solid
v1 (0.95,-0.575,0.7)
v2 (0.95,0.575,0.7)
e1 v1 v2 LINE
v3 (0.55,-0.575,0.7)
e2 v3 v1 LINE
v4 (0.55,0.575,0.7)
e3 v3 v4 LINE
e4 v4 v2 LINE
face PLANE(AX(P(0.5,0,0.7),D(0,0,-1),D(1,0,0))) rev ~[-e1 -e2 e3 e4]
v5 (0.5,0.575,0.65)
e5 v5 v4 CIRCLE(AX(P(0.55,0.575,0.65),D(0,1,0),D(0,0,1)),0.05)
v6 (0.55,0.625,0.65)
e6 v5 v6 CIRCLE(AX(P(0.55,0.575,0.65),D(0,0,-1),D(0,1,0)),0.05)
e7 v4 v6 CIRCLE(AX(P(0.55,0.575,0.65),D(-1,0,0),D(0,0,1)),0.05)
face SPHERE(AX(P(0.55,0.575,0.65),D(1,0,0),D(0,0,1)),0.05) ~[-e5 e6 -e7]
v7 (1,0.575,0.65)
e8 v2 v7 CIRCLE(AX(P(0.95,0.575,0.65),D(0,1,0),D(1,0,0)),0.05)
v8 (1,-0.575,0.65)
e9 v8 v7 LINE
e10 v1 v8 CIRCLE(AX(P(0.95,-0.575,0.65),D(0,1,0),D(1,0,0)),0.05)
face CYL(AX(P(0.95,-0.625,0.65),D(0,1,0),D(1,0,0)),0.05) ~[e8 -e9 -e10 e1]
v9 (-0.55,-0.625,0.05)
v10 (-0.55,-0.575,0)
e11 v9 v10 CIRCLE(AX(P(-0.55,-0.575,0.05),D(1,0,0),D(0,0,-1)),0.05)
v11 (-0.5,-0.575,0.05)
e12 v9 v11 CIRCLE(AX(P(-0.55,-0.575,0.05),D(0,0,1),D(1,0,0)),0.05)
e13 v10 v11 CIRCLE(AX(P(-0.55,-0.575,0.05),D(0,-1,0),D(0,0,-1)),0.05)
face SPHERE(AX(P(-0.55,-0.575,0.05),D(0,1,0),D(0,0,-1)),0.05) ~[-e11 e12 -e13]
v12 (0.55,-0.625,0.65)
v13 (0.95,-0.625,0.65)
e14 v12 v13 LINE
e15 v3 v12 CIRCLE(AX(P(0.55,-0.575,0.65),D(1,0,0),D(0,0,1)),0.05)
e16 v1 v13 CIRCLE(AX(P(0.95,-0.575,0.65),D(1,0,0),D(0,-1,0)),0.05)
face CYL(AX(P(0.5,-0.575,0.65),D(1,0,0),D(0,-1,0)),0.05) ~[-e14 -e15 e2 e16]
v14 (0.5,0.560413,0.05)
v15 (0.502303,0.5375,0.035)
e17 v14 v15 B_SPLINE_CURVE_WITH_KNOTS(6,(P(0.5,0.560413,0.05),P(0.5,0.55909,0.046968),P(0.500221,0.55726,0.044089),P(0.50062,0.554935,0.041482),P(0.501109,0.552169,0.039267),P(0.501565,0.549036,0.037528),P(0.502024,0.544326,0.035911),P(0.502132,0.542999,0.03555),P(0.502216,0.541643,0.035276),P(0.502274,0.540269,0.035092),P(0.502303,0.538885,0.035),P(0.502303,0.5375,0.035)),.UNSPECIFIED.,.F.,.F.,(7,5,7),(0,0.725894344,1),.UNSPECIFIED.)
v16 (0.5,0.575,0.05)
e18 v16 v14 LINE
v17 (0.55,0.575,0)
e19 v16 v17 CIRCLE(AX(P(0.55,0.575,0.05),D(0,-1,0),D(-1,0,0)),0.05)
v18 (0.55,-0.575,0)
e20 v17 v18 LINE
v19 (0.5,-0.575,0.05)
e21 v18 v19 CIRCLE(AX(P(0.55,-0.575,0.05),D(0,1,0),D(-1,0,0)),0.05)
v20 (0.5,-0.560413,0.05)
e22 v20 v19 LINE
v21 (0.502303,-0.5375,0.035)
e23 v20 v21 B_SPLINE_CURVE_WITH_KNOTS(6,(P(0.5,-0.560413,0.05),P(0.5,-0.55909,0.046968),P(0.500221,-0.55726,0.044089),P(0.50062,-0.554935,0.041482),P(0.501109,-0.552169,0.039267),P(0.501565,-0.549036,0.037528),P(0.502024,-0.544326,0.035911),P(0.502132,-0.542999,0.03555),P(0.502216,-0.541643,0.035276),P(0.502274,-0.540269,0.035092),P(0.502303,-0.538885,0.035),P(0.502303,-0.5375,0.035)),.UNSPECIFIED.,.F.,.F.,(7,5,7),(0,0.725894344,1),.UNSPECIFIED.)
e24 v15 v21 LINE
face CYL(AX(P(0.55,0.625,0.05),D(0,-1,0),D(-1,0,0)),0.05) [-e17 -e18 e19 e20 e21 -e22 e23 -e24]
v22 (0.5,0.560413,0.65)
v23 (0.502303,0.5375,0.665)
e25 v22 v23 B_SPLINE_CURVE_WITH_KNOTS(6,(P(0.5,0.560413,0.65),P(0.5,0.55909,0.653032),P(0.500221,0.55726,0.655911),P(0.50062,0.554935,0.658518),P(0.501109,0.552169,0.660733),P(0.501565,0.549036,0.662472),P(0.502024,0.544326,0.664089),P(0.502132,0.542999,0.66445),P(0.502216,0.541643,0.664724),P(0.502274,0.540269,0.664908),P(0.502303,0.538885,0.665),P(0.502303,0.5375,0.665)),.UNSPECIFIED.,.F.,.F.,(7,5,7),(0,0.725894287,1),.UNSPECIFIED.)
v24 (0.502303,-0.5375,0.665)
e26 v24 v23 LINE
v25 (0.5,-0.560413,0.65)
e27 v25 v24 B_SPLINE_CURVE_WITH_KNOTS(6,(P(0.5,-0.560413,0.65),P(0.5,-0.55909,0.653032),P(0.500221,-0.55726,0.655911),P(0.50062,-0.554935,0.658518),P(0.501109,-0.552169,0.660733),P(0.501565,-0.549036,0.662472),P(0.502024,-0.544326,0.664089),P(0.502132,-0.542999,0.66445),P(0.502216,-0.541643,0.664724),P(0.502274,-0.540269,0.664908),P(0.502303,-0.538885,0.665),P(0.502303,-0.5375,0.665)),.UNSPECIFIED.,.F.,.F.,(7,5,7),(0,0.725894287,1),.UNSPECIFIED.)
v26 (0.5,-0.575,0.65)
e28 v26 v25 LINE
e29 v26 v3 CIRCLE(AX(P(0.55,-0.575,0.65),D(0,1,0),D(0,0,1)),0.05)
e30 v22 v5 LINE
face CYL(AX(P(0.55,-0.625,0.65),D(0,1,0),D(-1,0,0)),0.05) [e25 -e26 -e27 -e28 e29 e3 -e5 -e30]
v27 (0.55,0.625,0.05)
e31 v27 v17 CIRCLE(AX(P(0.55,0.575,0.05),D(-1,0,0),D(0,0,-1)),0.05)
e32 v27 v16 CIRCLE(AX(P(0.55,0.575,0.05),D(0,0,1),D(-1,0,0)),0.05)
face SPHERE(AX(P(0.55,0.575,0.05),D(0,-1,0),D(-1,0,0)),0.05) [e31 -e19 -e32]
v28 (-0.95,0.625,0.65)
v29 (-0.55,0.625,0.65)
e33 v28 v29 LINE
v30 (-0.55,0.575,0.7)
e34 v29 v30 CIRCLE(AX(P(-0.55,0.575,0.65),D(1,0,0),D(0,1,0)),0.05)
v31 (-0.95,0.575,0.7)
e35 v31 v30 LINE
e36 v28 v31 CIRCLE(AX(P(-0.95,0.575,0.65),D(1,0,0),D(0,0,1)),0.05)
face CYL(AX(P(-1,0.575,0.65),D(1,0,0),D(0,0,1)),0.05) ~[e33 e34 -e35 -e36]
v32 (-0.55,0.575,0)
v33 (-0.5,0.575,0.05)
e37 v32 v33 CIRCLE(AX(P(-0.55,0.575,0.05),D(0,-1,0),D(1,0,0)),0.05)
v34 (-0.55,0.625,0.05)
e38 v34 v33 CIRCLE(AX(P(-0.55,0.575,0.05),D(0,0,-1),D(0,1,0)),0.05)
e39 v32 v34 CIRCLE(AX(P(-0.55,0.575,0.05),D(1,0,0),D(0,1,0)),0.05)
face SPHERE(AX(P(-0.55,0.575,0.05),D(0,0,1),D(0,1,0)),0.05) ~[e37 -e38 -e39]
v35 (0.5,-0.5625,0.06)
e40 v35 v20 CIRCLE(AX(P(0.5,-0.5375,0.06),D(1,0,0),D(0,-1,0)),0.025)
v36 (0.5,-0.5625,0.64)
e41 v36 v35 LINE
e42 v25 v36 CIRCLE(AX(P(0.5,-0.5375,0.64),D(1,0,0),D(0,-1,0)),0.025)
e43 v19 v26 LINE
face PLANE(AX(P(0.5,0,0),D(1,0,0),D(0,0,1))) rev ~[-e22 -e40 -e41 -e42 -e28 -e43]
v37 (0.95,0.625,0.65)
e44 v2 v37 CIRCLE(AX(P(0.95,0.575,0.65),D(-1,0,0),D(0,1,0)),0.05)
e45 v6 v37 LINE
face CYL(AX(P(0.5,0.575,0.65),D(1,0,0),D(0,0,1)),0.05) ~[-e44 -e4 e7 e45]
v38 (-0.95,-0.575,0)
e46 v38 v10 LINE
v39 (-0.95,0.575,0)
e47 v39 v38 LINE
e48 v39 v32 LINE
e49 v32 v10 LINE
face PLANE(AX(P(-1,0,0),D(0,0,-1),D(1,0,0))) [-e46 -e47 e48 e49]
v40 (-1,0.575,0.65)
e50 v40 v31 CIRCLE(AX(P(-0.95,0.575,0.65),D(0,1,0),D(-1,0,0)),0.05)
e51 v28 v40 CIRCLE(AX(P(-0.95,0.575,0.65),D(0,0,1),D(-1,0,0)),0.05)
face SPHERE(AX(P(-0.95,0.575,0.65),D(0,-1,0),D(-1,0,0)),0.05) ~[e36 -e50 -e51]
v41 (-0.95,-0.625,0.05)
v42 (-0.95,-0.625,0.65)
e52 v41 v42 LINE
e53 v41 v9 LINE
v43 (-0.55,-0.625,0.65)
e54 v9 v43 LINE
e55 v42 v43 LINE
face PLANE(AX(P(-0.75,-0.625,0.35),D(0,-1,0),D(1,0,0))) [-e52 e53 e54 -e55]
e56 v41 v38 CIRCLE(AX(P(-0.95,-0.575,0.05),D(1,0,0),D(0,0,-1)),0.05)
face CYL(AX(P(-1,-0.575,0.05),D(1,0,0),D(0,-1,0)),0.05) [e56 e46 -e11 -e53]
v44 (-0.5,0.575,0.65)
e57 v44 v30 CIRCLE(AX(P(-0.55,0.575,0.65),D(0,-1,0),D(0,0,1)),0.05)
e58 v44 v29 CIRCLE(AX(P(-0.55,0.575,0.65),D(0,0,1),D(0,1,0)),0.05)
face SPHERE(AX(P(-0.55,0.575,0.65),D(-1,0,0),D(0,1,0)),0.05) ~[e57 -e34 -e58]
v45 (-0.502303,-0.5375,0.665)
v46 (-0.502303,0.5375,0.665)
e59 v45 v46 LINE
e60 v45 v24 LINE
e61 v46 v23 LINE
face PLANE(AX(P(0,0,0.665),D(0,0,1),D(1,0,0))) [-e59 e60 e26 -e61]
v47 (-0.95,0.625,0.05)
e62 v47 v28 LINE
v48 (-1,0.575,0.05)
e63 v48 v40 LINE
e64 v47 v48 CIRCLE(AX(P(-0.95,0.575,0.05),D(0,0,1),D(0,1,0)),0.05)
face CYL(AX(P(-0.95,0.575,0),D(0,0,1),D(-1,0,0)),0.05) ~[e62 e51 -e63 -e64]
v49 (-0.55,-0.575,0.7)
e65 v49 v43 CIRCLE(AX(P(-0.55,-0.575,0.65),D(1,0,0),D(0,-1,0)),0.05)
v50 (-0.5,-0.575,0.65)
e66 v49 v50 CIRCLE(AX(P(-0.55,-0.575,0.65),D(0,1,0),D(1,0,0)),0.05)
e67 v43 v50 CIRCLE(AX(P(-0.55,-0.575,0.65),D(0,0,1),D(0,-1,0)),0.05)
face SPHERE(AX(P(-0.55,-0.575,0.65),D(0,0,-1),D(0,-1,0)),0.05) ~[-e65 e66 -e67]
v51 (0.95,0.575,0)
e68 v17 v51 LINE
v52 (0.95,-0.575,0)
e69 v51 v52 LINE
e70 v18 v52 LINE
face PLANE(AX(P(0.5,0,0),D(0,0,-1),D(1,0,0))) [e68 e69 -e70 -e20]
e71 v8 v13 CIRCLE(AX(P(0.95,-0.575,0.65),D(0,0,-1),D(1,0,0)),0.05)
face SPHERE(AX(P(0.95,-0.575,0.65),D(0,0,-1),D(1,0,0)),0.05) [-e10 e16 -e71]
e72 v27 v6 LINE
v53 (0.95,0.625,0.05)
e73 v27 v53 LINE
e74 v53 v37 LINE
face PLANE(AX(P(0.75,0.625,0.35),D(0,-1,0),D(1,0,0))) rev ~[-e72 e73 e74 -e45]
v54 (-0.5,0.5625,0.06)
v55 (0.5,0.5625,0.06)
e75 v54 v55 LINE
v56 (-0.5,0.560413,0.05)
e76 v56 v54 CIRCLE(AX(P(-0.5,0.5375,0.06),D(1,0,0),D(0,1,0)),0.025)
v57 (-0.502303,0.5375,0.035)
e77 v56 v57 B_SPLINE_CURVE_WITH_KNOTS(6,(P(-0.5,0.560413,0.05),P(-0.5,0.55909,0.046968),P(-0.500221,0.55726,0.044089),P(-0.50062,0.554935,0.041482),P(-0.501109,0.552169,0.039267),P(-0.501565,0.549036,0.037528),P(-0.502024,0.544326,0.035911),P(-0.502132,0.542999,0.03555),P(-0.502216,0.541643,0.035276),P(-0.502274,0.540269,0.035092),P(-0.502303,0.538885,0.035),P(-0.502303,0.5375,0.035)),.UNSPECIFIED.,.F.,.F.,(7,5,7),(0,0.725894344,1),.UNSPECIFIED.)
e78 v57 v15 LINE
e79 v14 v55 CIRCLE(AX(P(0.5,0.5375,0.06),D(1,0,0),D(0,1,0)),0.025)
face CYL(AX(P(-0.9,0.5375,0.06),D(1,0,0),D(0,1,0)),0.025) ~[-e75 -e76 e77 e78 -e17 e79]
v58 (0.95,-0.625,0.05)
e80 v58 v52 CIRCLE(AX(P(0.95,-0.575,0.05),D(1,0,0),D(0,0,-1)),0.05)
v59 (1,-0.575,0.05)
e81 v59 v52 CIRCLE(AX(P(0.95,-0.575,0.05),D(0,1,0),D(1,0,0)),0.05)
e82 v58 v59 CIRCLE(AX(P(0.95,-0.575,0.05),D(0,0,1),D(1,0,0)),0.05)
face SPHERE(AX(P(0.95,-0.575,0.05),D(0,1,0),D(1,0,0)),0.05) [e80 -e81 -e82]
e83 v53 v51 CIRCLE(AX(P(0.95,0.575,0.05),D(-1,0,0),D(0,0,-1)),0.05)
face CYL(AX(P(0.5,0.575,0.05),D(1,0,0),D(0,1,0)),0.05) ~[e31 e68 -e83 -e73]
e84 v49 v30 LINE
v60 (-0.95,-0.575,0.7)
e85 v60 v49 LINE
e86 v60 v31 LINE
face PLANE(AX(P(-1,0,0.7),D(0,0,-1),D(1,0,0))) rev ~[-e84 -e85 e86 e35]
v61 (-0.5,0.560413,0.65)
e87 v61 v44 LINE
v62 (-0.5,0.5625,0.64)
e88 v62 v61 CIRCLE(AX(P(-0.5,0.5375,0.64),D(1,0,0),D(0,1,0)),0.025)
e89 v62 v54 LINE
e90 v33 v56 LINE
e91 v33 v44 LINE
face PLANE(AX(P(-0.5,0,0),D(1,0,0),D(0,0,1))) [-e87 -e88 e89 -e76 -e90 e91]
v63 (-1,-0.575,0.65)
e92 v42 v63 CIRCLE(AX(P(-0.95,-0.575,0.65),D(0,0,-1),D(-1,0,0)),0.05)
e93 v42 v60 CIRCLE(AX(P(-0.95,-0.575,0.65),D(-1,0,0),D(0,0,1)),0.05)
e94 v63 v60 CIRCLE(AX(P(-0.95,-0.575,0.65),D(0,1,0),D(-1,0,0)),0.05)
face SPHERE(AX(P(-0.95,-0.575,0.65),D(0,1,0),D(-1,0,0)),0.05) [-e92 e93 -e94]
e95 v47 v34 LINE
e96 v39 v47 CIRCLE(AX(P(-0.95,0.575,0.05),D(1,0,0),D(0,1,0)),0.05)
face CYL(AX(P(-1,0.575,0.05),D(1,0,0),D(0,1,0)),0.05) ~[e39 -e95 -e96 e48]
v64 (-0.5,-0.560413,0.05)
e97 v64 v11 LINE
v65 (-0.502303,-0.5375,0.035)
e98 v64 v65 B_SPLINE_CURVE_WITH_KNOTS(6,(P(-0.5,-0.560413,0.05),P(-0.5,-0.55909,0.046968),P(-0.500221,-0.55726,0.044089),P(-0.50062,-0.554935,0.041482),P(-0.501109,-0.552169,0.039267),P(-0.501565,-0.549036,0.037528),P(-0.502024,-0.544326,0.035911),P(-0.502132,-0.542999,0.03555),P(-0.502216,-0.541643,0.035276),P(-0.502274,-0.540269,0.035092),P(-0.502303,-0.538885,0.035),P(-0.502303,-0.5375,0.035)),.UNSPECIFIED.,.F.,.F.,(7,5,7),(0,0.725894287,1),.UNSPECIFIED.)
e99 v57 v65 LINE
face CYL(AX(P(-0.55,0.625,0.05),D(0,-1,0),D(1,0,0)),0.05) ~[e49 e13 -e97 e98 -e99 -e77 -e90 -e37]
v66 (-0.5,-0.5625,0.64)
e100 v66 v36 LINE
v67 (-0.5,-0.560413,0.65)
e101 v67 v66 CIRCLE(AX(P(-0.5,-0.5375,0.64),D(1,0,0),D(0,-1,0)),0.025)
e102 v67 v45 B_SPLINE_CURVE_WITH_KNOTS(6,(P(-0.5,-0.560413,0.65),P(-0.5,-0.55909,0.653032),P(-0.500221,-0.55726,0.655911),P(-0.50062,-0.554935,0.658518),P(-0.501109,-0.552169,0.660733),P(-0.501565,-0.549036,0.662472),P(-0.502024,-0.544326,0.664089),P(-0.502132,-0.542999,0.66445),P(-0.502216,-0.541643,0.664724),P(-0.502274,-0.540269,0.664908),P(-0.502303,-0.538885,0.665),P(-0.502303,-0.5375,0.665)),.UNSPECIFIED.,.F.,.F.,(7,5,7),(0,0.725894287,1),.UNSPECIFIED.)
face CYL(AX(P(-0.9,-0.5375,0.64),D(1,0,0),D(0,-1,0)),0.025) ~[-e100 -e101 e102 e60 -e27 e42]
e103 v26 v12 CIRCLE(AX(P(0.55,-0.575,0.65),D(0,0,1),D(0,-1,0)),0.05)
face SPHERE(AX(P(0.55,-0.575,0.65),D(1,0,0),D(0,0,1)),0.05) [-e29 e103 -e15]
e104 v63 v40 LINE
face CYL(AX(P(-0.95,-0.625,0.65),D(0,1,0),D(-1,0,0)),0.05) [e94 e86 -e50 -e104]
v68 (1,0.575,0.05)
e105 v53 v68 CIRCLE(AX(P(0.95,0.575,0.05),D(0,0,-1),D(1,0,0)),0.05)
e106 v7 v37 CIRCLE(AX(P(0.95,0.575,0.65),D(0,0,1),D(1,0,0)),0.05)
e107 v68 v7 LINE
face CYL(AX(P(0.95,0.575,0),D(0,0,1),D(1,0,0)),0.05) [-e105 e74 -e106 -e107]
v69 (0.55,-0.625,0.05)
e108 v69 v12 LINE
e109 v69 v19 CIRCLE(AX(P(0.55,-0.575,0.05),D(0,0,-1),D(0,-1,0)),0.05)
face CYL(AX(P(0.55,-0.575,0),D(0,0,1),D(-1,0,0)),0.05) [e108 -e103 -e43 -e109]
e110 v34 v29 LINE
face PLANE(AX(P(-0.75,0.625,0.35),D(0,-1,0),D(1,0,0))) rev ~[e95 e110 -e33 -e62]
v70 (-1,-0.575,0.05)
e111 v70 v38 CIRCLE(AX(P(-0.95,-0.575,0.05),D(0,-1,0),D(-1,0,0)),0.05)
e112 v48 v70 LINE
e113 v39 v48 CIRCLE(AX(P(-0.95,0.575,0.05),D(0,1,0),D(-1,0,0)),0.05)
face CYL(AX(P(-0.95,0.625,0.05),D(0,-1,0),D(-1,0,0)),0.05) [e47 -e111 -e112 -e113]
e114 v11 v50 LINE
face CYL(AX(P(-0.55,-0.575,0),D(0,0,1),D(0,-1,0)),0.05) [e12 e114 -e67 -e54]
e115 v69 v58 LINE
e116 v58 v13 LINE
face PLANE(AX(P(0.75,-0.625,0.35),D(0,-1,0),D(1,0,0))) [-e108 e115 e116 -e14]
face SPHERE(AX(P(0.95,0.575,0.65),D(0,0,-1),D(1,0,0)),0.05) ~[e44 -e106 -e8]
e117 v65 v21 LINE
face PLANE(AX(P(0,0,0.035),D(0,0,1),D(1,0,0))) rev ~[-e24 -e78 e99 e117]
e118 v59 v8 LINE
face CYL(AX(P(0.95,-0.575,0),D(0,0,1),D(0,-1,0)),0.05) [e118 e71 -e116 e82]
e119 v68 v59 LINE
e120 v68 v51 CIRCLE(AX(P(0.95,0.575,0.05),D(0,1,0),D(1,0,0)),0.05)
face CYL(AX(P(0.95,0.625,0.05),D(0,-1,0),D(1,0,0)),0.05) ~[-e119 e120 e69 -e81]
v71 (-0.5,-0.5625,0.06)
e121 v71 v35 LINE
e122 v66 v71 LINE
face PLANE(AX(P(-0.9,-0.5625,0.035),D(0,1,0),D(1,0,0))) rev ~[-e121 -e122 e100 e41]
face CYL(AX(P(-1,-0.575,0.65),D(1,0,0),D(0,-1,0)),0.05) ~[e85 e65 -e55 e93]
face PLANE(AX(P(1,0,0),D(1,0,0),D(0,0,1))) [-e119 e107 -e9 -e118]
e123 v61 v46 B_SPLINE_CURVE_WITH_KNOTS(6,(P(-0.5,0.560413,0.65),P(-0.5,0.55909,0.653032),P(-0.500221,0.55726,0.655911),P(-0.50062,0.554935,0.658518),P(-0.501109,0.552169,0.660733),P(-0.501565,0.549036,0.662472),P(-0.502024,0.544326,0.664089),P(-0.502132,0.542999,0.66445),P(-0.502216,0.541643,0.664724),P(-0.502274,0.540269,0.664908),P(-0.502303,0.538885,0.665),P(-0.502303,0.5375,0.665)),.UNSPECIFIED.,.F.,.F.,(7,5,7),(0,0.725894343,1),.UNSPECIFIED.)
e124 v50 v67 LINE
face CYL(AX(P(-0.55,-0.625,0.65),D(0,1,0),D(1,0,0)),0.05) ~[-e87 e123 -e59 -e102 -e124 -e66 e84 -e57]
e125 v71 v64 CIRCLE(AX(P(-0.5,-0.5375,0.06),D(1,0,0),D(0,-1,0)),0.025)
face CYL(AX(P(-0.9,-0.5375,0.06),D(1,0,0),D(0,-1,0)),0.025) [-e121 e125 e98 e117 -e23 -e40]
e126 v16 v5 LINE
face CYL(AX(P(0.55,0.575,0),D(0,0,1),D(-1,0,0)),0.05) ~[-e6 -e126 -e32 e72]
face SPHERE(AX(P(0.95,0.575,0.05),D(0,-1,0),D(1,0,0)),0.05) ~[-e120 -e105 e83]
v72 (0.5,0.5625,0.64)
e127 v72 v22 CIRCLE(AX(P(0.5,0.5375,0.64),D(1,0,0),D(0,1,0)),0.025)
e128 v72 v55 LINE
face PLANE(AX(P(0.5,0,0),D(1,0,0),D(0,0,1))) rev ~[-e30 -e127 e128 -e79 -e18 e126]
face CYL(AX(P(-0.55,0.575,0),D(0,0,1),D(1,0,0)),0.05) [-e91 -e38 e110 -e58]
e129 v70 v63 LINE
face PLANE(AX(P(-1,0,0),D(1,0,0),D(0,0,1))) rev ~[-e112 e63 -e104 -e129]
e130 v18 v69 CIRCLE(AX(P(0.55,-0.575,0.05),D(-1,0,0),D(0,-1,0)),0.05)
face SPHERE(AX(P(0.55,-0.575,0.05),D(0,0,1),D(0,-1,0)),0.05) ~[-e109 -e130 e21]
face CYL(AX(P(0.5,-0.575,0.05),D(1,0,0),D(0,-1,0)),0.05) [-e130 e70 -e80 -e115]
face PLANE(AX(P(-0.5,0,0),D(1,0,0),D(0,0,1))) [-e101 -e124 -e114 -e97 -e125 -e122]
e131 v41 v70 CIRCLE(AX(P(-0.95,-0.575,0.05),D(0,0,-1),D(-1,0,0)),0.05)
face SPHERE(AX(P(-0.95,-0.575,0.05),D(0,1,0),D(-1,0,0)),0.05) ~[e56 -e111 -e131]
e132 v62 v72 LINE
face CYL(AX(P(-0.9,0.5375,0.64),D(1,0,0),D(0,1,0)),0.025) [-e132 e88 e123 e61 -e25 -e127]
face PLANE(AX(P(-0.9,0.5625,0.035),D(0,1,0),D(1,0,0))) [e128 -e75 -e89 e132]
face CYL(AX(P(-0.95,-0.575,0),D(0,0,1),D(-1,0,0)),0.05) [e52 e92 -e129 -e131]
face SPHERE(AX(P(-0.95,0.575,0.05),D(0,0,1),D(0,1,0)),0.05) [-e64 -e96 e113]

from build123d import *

# Parameters (mm, degrees)
SKETCH001_W  = 0.5
SKETCH001_H  = 0.7
PAD001_DEPTH = 0.625
FILLET_R     = 0.05
SKETCH002_W  = 0.5
SKETCH002_H  = 0.7
PAD002_DEPTH = 0.625
FILLET001_R  = 0.05
SKETCH_W     = 1.8
SKETCH_H     = 1.125
PAD_DEPTH    = 0.63
FILLET002_R  = 0.025


with BuildPart() as body001:
    # Sketch001 → Pad001 (new body, symmetric)
    with BuildSketch(Plane.XZ):
        with Locations((-0.75, 0.35)):
            Rectangle(SKETCH001_W, SKETCH001_H)
    extrude(amount=PAD001_DEPTH, both=True)

    # Fillet
    fillet_edges = [body001.edges().sort_by_distance(p)[0] for p in [
        (-1, 0, 0.7),
        (-1, 0.625, 0.35),
        (-0.75, 0.625, 0.7),
        (-0.5, 0.625, 0.35),
        (-0.75, 0.625, 0),
        (-0.5, 0, 0),
        (-1, 0, 0),
        (-1, -0.625, 0.35),
        (-0.75, -0.625, 0),
        (-0.5, -0.625, 0.35),
        (-0.75, -0.625, 0.7),
        (-0.5, 0, 0.7),
    ]]
    fillet(fillet_edges, radius=FILLET_R)


with BuildPart() as body002:
    # Sketch002 → Pad002 (new body, symmetric)
    with BuildSketch(Plane.XZ):
        with Locations((0.75, 0.35)):
            Rectangle(SKETCH002_W, SKETCH002_H)
    extrude(amount=PAD002_DEPTH, both=True)

    # Fillet001
    fillet001_edges = [body002.edges().sort_by_distance(p)[0] for p in [
        (1, 0, 0),
        (1, 0.625, 0.35),
        (1, -0.625, 0.35),
        (1, 0, 0.7),
        (0.75, -0.625, 0.7),
        (0.75, 0.625, 0.7),
        (0.5, 0, 0.7),
        (0.5, -0.625, 0.35),
        (0.75, -0.625, 0),
        (0.5, 0, 0),
        (0.5, 0.625, 0.35),
        (0.75, 0.625, 0),
    ]]
    fillet(fillet001_edges, radius=FILLET001_R)


with BuildPart() as fusion:
    # Sketch → Pad (new body)
    with BuildSketch(Plane.XY.offset(0.035)):
        Rectangle(SKETCH_W, SKETCH_H)
    extrude(amount=PAD_DEPTH)

    # Fillet002
    fillet002_edges = [fusion.edges().sort_by_distance(p)[0] for p in [
        (0, -0.5625, 0.665),
        (0, 0.5625, 0.665),
        (0, -0.5625, 0.035),
        (0, 0.5625, 0.035),
    ]]
    fillet(fillet002_edges, radius=FILLET002_R)

    # Fusion: union Body001, Body002
    add(body001.part)
    add(body002.part)


solid = fusion.part
